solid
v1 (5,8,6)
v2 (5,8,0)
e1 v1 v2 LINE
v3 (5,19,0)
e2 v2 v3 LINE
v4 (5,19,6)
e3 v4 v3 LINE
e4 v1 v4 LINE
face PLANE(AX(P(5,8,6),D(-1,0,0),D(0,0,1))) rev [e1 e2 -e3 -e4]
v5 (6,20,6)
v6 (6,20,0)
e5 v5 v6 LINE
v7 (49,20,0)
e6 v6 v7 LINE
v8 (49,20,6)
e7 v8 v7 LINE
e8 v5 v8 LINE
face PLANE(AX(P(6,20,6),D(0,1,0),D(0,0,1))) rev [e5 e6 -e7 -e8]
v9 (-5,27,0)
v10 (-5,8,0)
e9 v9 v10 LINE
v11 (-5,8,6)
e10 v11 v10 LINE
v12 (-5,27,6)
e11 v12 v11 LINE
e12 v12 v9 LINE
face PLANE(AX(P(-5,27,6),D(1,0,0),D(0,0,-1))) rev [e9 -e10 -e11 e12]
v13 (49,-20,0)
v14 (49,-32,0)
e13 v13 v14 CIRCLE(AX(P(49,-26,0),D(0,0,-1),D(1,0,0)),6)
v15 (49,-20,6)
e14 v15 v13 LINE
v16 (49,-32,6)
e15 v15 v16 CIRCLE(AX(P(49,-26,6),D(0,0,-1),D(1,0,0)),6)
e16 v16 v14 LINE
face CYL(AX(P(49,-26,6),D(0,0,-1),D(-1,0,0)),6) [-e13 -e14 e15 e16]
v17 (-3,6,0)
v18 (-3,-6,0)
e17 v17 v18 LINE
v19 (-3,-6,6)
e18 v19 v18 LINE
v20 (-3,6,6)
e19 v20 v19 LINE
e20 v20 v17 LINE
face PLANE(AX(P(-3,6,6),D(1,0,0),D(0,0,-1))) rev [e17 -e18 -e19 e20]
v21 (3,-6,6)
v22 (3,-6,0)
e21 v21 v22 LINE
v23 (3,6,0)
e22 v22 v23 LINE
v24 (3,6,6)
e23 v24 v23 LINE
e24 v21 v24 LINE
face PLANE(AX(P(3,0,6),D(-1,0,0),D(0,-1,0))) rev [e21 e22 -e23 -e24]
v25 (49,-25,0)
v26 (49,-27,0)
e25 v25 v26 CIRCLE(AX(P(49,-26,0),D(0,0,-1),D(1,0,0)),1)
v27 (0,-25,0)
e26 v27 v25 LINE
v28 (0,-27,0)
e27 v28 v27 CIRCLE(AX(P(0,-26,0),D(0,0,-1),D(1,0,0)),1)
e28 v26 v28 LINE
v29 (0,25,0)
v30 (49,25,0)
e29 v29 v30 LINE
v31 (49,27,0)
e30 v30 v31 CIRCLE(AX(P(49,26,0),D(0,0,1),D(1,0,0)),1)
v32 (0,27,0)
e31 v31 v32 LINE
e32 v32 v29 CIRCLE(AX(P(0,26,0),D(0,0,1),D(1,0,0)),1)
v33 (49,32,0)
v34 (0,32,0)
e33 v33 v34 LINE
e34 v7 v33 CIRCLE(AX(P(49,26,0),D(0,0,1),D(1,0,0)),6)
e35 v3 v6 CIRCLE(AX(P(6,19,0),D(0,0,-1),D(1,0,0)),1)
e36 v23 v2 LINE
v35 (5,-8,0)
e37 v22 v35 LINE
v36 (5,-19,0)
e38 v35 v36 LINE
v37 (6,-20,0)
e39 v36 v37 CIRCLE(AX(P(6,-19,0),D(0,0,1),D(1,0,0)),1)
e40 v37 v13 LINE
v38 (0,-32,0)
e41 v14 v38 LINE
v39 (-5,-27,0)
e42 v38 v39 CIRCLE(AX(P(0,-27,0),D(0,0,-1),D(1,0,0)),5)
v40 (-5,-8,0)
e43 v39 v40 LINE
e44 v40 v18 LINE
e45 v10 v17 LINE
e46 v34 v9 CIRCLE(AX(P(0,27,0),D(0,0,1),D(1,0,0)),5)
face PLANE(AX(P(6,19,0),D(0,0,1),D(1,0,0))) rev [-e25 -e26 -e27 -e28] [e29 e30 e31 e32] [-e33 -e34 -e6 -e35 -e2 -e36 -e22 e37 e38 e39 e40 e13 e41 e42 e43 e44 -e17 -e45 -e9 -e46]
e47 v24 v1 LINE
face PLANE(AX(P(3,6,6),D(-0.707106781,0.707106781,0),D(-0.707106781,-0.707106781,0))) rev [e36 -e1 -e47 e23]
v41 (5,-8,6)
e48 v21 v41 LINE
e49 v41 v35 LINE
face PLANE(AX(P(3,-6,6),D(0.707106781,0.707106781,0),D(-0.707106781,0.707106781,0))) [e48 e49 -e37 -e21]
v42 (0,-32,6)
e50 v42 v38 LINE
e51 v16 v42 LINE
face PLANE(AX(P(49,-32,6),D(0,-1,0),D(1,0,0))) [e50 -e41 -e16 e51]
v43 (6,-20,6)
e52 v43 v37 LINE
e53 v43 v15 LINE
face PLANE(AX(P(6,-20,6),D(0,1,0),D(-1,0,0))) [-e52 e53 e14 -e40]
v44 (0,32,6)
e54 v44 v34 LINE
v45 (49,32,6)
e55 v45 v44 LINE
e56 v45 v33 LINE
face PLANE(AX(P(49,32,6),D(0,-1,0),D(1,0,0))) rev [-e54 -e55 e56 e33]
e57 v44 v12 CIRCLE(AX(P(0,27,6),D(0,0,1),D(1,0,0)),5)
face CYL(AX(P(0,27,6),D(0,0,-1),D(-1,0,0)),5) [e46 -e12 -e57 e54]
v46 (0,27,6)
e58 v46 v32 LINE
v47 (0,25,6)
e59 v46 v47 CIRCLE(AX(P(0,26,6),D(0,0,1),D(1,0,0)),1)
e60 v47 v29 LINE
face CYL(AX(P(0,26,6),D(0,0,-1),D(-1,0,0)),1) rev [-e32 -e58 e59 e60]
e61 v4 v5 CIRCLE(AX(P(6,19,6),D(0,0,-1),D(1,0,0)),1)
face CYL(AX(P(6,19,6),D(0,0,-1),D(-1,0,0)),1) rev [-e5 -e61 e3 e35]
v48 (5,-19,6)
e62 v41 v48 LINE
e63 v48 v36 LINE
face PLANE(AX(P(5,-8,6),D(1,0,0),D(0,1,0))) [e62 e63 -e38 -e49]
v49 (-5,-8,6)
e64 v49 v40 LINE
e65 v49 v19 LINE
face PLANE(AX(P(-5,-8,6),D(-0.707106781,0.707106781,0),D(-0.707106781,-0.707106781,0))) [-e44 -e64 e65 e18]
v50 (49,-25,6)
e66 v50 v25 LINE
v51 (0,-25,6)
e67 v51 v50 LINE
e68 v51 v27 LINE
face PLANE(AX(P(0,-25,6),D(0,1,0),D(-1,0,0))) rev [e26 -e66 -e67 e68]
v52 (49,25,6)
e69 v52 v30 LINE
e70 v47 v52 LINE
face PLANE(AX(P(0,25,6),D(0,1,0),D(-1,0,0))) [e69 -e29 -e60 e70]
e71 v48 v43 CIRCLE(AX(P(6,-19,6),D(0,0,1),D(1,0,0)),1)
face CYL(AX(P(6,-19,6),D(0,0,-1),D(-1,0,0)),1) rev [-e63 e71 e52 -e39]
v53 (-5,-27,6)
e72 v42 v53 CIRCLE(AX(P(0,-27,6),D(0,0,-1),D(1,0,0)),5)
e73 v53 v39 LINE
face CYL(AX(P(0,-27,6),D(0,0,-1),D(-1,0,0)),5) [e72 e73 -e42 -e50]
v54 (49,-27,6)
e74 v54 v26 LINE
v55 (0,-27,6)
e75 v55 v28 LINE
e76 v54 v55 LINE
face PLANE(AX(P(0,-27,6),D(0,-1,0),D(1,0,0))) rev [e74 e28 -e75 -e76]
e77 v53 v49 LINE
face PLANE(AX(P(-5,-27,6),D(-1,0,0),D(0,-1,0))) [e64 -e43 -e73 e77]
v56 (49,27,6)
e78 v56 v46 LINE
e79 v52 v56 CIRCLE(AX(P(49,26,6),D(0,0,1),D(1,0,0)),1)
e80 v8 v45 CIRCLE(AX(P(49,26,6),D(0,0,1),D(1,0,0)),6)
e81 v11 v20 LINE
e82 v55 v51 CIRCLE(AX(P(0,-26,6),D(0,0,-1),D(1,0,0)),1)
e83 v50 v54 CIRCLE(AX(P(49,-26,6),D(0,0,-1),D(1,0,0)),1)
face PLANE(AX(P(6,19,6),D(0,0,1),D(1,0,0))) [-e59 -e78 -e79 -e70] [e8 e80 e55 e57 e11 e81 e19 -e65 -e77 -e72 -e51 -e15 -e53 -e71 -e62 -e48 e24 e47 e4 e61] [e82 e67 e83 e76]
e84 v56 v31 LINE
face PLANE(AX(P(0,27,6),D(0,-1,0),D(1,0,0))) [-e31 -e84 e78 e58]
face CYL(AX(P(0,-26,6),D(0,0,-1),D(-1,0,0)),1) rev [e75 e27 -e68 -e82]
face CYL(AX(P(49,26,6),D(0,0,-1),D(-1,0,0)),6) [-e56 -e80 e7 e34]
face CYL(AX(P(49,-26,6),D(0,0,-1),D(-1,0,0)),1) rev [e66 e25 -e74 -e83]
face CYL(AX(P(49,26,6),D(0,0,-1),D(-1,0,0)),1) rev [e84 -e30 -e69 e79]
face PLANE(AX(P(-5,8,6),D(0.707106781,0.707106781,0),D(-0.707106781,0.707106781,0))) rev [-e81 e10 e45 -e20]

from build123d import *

# Parameters (mm, degrees)
BOSS_EXTRUDE1_DEPTH = 6


with BuildPart() as part:
    # Sketch1 → Boss-Extrude1 (new body)
    with BuildSketch(Plane.XY):
        with BuildLine():
            Line((3, 6), (5, 8))
            Line((5, 8), (5, 19))
            ThreePointArc((5, 19), (5.292893219, 19.707106781), (6, 20))
            Line((6, 20), (49, 20))
            ThreePointArc((49, 20), (55, 26), (49, 32))
            Line((49, 32), (0, 32))
            ThreePointArc((0, 32), (-3.535533906, 30.535533906), (-5, 27))
            Line((-5, 27), (-5, 8))
            Line((-5, 8), (-3, 6))
            Line((-3, 6), (-3, 0))
            Line((-3, 0), (3, 0))
            Line((3, 0), (3, 6))
        make_face()
        with BuildLine():
            Line((0, 27), (49, 27))
            ThreePointArc((49, 27), (50, 26), (49, 25))
            Line((49, 25), (0, 25))
            ThreePointArc((0, 25), (-1, 26), (0, 27))
        make_face(mode=Mode.SUBTRACT)
    boss_extrude1 = extrude(amount=BOSS_EXTRUDE1_DEPTH)

    # Mirror1: Boss-Extrude1 across plane
    add(boss_extrude1.mirror(Plane(origin=(-3, 0, 6), x_dir=(0, 0, 1), z_dir=(0, 1, 0))))


solid = part.part
